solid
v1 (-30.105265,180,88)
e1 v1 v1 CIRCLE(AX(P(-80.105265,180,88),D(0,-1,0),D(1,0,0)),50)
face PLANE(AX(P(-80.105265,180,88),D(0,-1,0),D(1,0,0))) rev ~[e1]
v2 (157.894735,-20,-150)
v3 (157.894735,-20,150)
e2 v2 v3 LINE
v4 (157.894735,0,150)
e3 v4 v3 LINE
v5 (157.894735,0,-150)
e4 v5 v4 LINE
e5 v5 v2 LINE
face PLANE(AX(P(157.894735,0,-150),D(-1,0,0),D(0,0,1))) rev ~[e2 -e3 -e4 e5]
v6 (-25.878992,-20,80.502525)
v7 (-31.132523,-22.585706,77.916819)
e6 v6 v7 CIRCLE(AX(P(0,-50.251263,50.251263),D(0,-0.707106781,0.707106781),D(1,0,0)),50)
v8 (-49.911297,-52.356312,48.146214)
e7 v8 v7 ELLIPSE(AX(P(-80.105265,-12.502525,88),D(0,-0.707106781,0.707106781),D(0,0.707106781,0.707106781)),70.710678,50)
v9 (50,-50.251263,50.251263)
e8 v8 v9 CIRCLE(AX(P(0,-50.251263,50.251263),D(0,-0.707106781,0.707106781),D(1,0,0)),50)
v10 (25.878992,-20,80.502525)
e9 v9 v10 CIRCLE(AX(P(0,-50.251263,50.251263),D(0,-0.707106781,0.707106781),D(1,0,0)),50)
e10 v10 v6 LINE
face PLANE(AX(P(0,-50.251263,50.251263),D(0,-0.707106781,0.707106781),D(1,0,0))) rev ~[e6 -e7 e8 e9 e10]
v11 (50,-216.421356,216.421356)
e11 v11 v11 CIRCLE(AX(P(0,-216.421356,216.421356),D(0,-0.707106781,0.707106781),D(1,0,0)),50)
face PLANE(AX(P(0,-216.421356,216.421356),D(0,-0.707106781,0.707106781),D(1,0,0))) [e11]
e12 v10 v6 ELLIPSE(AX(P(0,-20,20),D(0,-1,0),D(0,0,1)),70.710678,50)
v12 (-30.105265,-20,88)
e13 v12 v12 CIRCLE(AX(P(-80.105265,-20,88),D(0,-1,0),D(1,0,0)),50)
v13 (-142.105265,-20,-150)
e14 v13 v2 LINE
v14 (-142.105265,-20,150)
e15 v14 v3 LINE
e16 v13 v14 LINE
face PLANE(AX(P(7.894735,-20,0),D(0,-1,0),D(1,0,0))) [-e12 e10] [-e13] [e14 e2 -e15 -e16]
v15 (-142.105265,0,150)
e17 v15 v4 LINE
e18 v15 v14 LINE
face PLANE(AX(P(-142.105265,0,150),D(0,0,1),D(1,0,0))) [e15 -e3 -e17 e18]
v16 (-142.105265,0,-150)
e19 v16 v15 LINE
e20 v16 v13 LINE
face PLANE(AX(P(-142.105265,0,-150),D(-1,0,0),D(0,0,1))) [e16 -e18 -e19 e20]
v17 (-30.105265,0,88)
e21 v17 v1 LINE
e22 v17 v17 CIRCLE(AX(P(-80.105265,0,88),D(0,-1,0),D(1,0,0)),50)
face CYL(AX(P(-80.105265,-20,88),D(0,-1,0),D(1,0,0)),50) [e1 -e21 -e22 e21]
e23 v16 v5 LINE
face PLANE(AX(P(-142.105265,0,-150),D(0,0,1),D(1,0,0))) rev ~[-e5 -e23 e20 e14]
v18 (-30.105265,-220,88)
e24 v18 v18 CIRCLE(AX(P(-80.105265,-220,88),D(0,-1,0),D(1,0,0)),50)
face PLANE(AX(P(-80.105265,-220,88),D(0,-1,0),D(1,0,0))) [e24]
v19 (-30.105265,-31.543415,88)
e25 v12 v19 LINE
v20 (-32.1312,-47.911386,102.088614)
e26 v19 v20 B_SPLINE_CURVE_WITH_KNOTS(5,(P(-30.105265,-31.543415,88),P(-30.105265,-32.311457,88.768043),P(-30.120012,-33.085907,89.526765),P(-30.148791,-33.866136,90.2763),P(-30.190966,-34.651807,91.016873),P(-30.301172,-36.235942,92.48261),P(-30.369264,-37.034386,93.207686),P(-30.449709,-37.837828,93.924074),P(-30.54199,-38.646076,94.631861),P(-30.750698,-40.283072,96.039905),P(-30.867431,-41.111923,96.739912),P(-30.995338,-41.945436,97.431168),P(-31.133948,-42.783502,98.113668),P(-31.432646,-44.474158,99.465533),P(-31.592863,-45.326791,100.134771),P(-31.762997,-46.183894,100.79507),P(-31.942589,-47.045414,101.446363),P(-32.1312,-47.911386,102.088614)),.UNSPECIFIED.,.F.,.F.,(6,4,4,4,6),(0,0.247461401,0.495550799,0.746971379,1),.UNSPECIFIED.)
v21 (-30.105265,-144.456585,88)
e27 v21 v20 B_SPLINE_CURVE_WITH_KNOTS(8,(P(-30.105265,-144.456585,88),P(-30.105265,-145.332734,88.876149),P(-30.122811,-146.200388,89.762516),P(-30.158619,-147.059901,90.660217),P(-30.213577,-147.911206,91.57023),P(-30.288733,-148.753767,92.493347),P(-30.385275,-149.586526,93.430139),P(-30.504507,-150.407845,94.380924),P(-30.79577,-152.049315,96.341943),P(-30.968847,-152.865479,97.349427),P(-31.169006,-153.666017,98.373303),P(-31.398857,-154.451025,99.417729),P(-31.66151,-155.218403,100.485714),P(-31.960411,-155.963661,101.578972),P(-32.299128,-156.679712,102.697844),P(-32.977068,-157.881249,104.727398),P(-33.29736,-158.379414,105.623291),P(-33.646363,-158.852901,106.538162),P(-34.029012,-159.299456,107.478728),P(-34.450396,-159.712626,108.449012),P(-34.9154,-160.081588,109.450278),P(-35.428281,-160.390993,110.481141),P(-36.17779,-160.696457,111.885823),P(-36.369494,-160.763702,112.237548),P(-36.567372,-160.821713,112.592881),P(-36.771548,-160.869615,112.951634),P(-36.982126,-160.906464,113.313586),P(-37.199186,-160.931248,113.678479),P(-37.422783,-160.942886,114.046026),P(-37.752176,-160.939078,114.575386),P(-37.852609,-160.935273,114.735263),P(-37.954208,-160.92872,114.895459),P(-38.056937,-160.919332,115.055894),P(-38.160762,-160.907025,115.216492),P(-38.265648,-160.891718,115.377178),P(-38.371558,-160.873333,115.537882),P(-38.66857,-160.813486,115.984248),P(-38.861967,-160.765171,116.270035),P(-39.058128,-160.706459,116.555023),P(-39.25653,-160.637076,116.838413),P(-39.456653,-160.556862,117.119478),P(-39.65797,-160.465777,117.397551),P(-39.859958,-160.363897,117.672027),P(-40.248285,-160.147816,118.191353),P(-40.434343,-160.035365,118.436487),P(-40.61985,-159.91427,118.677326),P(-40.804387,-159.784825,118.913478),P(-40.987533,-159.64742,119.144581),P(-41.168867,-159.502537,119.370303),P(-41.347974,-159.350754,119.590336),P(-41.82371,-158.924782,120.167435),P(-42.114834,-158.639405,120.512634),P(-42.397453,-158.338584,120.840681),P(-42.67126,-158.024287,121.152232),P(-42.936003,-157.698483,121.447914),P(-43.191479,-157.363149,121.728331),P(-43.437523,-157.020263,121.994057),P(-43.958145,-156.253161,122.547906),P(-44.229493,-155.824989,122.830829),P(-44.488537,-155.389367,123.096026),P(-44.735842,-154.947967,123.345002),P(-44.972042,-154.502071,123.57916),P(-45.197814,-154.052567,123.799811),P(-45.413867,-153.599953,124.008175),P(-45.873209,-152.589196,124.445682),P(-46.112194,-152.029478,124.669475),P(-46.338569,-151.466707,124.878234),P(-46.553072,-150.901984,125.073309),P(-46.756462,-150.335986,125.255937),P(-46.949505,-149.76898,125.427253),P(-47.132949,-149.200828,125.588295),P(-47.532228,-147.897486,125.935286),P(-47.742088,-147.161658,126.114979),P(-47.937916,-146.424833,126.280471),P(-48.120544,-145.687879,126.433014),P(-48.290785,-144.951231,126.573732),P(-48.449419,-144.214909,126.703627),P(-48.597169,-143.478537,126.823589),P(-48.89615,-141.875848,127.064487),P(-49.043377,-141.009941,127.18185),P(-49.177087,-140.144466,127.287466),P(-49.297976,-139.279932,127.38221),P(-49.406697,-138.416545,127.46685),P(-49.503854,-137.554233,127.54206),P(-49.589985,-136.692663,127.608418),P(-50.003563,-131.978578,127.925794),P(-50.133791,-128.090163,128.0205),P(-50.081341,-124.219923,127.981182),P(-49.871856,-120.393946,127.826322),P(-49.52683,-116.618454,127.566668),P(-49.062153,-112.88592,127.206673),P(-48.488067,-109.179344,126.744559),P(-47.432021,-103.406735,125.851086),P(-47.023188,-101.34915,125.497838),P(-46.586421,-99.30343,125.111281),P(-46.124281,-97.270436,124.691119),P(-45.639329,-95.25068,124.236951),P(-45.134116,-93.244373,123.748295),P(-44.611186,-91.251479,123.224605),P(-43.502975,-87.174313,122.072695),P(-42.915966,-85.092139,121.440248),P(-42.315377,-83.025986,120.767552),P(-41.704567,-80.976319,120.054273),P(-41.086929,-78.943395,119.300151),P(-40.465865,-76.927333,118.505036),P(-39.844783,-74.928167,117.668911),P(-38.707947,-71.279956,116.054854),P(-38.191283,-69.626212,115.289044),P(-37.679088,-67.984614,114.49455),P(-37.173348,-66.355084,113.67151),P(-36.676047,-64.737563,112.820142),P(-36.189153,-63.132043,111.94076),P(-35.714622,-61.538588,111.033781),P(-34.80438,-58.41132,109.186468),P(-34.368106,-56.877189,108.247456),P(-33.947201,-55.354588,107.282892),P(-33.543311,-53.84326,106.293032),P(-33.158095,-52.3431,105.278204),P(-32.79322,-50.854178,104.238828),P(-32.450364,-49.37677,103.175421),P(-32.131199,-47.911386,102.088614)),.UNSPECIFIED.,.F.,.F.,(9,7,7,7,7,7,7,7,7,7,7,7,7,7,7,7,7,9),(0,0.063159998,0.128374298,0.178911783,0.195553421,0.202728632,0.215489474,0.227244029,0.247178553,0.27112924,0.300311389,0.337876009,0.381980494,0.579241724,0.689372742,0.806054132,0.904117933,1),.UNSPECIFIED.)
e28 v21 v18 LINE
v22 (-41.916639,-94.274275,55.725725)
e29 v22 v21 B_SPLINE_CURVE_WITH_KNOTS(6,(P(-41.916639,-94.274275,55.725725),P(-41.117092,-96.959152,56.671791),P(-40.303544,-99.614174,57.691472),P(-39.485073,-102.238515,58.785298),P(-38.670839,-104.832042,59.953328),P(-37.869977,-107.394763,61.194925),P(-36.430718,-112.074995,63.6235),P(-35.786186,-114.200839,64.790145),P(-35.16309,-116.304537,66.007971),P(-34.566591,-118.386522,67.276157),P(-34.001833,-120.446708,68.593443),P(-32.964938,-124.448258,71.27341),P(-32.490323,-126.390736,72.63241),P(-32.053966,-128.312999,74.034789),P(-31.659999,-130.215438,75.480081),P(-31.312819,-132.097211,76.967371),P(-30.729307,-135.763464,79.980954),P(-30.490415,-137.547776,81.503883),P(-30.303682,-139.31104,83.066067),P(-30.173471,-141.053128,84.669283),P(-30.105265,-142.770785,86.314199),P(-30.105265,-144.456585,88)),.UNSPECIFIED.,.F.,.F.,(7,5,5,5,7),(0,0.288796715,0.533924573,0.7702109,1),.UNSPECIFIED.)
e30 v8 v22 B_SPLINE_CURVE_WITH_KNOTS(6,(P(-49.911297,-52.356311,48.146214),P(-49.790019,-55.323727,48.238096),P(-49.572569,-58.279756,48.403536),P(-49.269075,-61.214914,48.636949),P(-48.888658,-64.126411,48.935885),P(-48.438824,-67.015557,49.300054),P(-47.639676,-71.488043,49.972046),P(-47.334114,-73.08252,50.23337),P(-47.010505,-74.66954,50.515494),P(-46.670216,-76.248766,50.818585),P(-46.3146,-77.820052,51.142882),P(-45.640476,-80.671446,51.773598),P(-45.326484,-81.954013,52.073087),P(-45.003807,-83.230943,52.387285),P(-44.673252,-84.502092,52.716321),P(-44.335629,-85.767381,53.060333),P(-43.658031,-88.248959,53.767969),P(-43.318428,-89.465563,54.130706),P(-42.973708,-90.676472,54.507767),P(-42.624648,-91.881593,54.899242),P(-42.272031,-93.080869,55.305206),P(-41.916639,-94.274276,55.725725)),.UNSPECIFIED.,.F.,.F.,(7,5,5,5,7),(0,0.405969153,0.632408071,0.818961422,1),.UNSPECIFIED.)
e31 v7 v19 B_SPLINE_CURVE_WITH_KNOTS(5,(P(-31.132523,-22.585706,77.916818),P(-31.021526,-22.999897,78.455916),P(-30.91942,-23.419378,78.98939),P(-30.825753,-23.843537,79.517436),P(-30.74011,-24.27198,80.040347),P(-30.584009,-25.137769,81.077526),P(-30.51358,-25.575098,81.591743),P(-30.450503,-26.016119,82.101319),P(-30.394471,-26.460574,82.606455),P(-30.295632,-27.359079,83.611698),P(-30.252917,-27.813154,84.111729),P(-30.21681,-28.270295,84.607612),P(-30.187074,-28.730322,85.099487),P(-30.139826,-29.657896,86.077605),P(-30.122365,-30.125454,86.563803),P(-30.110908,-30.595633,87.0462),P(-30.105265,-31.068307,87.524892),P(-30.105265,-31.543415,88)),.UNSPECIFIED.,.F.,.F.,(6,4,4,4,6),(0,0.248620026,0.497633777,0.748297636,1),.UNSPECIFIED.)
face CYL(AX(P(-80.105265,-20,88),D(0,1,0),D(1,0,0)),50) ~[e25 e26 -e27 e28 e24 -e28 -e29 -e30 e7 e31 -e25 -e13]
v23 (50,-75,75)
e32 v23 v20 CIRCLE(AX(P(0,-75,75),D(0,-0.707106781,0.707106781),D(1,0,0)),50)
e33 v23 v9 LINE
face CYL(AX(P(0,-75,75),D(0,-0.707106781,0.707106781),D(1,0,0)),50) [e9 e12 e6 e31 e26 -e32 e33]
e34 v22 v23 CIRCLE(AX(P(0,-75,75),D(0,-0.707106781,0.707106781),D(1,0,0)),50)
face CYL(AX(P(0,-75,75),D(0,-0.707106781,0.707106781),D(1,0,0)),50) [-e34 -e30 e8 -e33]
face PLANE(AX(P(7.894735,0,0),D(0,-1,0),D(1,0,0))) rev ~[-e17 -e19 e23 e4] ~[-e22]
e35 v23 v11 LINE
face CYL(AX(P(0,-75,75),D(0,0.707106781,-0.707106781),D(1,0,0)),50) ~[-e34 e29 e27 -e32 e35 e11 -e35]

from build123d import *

# Parameters (mm, degrees)
F0_W          = 300
F0_H          = 300
F1_DEPTH      = 20
F2_R          = 50
F3_DEPTH      = 200
F3_DEPTH_BACK = 200
F5_R          = 50
F6_DEPTH      = 200
F6_DEPTH_BACK = 35


with BuildPart() as f1:
    # F0 (on Front) → F1 (new body)
    with BuildSketch(Plane.XZ):
        with Locations((7.894735, 0)):
            Rectangle(F0_W, F0_H)
    extrude(amount=F1_DEPTH)

    # F2 (on face) → F3 (join, two sides)
    with BuildSketch(Plane.XZ.offset(20)) as f3_sk:
        with Locations((-80.105265, 88)):
            Circle(F2_R)
    extrude(amount=F3_DEPTH)
    extrude(f3_sk.sketch, amount=-F3_DEPTH_BACK)

    # F5 (on face) → F6 (join, two sides)
    with BuildSketch(Plane(origin=(0, -75, 75), x_dir=(1, 0, 0), z_dir=(0, -0.707107, 0.707107))) as f6_sk:
        Circle(F5_R)
    extrude(amount=F6_DEPTH)
    extrude(f6_sk.sketch, amount=-F6_DEPTH_BACK)


solid = f1.part
